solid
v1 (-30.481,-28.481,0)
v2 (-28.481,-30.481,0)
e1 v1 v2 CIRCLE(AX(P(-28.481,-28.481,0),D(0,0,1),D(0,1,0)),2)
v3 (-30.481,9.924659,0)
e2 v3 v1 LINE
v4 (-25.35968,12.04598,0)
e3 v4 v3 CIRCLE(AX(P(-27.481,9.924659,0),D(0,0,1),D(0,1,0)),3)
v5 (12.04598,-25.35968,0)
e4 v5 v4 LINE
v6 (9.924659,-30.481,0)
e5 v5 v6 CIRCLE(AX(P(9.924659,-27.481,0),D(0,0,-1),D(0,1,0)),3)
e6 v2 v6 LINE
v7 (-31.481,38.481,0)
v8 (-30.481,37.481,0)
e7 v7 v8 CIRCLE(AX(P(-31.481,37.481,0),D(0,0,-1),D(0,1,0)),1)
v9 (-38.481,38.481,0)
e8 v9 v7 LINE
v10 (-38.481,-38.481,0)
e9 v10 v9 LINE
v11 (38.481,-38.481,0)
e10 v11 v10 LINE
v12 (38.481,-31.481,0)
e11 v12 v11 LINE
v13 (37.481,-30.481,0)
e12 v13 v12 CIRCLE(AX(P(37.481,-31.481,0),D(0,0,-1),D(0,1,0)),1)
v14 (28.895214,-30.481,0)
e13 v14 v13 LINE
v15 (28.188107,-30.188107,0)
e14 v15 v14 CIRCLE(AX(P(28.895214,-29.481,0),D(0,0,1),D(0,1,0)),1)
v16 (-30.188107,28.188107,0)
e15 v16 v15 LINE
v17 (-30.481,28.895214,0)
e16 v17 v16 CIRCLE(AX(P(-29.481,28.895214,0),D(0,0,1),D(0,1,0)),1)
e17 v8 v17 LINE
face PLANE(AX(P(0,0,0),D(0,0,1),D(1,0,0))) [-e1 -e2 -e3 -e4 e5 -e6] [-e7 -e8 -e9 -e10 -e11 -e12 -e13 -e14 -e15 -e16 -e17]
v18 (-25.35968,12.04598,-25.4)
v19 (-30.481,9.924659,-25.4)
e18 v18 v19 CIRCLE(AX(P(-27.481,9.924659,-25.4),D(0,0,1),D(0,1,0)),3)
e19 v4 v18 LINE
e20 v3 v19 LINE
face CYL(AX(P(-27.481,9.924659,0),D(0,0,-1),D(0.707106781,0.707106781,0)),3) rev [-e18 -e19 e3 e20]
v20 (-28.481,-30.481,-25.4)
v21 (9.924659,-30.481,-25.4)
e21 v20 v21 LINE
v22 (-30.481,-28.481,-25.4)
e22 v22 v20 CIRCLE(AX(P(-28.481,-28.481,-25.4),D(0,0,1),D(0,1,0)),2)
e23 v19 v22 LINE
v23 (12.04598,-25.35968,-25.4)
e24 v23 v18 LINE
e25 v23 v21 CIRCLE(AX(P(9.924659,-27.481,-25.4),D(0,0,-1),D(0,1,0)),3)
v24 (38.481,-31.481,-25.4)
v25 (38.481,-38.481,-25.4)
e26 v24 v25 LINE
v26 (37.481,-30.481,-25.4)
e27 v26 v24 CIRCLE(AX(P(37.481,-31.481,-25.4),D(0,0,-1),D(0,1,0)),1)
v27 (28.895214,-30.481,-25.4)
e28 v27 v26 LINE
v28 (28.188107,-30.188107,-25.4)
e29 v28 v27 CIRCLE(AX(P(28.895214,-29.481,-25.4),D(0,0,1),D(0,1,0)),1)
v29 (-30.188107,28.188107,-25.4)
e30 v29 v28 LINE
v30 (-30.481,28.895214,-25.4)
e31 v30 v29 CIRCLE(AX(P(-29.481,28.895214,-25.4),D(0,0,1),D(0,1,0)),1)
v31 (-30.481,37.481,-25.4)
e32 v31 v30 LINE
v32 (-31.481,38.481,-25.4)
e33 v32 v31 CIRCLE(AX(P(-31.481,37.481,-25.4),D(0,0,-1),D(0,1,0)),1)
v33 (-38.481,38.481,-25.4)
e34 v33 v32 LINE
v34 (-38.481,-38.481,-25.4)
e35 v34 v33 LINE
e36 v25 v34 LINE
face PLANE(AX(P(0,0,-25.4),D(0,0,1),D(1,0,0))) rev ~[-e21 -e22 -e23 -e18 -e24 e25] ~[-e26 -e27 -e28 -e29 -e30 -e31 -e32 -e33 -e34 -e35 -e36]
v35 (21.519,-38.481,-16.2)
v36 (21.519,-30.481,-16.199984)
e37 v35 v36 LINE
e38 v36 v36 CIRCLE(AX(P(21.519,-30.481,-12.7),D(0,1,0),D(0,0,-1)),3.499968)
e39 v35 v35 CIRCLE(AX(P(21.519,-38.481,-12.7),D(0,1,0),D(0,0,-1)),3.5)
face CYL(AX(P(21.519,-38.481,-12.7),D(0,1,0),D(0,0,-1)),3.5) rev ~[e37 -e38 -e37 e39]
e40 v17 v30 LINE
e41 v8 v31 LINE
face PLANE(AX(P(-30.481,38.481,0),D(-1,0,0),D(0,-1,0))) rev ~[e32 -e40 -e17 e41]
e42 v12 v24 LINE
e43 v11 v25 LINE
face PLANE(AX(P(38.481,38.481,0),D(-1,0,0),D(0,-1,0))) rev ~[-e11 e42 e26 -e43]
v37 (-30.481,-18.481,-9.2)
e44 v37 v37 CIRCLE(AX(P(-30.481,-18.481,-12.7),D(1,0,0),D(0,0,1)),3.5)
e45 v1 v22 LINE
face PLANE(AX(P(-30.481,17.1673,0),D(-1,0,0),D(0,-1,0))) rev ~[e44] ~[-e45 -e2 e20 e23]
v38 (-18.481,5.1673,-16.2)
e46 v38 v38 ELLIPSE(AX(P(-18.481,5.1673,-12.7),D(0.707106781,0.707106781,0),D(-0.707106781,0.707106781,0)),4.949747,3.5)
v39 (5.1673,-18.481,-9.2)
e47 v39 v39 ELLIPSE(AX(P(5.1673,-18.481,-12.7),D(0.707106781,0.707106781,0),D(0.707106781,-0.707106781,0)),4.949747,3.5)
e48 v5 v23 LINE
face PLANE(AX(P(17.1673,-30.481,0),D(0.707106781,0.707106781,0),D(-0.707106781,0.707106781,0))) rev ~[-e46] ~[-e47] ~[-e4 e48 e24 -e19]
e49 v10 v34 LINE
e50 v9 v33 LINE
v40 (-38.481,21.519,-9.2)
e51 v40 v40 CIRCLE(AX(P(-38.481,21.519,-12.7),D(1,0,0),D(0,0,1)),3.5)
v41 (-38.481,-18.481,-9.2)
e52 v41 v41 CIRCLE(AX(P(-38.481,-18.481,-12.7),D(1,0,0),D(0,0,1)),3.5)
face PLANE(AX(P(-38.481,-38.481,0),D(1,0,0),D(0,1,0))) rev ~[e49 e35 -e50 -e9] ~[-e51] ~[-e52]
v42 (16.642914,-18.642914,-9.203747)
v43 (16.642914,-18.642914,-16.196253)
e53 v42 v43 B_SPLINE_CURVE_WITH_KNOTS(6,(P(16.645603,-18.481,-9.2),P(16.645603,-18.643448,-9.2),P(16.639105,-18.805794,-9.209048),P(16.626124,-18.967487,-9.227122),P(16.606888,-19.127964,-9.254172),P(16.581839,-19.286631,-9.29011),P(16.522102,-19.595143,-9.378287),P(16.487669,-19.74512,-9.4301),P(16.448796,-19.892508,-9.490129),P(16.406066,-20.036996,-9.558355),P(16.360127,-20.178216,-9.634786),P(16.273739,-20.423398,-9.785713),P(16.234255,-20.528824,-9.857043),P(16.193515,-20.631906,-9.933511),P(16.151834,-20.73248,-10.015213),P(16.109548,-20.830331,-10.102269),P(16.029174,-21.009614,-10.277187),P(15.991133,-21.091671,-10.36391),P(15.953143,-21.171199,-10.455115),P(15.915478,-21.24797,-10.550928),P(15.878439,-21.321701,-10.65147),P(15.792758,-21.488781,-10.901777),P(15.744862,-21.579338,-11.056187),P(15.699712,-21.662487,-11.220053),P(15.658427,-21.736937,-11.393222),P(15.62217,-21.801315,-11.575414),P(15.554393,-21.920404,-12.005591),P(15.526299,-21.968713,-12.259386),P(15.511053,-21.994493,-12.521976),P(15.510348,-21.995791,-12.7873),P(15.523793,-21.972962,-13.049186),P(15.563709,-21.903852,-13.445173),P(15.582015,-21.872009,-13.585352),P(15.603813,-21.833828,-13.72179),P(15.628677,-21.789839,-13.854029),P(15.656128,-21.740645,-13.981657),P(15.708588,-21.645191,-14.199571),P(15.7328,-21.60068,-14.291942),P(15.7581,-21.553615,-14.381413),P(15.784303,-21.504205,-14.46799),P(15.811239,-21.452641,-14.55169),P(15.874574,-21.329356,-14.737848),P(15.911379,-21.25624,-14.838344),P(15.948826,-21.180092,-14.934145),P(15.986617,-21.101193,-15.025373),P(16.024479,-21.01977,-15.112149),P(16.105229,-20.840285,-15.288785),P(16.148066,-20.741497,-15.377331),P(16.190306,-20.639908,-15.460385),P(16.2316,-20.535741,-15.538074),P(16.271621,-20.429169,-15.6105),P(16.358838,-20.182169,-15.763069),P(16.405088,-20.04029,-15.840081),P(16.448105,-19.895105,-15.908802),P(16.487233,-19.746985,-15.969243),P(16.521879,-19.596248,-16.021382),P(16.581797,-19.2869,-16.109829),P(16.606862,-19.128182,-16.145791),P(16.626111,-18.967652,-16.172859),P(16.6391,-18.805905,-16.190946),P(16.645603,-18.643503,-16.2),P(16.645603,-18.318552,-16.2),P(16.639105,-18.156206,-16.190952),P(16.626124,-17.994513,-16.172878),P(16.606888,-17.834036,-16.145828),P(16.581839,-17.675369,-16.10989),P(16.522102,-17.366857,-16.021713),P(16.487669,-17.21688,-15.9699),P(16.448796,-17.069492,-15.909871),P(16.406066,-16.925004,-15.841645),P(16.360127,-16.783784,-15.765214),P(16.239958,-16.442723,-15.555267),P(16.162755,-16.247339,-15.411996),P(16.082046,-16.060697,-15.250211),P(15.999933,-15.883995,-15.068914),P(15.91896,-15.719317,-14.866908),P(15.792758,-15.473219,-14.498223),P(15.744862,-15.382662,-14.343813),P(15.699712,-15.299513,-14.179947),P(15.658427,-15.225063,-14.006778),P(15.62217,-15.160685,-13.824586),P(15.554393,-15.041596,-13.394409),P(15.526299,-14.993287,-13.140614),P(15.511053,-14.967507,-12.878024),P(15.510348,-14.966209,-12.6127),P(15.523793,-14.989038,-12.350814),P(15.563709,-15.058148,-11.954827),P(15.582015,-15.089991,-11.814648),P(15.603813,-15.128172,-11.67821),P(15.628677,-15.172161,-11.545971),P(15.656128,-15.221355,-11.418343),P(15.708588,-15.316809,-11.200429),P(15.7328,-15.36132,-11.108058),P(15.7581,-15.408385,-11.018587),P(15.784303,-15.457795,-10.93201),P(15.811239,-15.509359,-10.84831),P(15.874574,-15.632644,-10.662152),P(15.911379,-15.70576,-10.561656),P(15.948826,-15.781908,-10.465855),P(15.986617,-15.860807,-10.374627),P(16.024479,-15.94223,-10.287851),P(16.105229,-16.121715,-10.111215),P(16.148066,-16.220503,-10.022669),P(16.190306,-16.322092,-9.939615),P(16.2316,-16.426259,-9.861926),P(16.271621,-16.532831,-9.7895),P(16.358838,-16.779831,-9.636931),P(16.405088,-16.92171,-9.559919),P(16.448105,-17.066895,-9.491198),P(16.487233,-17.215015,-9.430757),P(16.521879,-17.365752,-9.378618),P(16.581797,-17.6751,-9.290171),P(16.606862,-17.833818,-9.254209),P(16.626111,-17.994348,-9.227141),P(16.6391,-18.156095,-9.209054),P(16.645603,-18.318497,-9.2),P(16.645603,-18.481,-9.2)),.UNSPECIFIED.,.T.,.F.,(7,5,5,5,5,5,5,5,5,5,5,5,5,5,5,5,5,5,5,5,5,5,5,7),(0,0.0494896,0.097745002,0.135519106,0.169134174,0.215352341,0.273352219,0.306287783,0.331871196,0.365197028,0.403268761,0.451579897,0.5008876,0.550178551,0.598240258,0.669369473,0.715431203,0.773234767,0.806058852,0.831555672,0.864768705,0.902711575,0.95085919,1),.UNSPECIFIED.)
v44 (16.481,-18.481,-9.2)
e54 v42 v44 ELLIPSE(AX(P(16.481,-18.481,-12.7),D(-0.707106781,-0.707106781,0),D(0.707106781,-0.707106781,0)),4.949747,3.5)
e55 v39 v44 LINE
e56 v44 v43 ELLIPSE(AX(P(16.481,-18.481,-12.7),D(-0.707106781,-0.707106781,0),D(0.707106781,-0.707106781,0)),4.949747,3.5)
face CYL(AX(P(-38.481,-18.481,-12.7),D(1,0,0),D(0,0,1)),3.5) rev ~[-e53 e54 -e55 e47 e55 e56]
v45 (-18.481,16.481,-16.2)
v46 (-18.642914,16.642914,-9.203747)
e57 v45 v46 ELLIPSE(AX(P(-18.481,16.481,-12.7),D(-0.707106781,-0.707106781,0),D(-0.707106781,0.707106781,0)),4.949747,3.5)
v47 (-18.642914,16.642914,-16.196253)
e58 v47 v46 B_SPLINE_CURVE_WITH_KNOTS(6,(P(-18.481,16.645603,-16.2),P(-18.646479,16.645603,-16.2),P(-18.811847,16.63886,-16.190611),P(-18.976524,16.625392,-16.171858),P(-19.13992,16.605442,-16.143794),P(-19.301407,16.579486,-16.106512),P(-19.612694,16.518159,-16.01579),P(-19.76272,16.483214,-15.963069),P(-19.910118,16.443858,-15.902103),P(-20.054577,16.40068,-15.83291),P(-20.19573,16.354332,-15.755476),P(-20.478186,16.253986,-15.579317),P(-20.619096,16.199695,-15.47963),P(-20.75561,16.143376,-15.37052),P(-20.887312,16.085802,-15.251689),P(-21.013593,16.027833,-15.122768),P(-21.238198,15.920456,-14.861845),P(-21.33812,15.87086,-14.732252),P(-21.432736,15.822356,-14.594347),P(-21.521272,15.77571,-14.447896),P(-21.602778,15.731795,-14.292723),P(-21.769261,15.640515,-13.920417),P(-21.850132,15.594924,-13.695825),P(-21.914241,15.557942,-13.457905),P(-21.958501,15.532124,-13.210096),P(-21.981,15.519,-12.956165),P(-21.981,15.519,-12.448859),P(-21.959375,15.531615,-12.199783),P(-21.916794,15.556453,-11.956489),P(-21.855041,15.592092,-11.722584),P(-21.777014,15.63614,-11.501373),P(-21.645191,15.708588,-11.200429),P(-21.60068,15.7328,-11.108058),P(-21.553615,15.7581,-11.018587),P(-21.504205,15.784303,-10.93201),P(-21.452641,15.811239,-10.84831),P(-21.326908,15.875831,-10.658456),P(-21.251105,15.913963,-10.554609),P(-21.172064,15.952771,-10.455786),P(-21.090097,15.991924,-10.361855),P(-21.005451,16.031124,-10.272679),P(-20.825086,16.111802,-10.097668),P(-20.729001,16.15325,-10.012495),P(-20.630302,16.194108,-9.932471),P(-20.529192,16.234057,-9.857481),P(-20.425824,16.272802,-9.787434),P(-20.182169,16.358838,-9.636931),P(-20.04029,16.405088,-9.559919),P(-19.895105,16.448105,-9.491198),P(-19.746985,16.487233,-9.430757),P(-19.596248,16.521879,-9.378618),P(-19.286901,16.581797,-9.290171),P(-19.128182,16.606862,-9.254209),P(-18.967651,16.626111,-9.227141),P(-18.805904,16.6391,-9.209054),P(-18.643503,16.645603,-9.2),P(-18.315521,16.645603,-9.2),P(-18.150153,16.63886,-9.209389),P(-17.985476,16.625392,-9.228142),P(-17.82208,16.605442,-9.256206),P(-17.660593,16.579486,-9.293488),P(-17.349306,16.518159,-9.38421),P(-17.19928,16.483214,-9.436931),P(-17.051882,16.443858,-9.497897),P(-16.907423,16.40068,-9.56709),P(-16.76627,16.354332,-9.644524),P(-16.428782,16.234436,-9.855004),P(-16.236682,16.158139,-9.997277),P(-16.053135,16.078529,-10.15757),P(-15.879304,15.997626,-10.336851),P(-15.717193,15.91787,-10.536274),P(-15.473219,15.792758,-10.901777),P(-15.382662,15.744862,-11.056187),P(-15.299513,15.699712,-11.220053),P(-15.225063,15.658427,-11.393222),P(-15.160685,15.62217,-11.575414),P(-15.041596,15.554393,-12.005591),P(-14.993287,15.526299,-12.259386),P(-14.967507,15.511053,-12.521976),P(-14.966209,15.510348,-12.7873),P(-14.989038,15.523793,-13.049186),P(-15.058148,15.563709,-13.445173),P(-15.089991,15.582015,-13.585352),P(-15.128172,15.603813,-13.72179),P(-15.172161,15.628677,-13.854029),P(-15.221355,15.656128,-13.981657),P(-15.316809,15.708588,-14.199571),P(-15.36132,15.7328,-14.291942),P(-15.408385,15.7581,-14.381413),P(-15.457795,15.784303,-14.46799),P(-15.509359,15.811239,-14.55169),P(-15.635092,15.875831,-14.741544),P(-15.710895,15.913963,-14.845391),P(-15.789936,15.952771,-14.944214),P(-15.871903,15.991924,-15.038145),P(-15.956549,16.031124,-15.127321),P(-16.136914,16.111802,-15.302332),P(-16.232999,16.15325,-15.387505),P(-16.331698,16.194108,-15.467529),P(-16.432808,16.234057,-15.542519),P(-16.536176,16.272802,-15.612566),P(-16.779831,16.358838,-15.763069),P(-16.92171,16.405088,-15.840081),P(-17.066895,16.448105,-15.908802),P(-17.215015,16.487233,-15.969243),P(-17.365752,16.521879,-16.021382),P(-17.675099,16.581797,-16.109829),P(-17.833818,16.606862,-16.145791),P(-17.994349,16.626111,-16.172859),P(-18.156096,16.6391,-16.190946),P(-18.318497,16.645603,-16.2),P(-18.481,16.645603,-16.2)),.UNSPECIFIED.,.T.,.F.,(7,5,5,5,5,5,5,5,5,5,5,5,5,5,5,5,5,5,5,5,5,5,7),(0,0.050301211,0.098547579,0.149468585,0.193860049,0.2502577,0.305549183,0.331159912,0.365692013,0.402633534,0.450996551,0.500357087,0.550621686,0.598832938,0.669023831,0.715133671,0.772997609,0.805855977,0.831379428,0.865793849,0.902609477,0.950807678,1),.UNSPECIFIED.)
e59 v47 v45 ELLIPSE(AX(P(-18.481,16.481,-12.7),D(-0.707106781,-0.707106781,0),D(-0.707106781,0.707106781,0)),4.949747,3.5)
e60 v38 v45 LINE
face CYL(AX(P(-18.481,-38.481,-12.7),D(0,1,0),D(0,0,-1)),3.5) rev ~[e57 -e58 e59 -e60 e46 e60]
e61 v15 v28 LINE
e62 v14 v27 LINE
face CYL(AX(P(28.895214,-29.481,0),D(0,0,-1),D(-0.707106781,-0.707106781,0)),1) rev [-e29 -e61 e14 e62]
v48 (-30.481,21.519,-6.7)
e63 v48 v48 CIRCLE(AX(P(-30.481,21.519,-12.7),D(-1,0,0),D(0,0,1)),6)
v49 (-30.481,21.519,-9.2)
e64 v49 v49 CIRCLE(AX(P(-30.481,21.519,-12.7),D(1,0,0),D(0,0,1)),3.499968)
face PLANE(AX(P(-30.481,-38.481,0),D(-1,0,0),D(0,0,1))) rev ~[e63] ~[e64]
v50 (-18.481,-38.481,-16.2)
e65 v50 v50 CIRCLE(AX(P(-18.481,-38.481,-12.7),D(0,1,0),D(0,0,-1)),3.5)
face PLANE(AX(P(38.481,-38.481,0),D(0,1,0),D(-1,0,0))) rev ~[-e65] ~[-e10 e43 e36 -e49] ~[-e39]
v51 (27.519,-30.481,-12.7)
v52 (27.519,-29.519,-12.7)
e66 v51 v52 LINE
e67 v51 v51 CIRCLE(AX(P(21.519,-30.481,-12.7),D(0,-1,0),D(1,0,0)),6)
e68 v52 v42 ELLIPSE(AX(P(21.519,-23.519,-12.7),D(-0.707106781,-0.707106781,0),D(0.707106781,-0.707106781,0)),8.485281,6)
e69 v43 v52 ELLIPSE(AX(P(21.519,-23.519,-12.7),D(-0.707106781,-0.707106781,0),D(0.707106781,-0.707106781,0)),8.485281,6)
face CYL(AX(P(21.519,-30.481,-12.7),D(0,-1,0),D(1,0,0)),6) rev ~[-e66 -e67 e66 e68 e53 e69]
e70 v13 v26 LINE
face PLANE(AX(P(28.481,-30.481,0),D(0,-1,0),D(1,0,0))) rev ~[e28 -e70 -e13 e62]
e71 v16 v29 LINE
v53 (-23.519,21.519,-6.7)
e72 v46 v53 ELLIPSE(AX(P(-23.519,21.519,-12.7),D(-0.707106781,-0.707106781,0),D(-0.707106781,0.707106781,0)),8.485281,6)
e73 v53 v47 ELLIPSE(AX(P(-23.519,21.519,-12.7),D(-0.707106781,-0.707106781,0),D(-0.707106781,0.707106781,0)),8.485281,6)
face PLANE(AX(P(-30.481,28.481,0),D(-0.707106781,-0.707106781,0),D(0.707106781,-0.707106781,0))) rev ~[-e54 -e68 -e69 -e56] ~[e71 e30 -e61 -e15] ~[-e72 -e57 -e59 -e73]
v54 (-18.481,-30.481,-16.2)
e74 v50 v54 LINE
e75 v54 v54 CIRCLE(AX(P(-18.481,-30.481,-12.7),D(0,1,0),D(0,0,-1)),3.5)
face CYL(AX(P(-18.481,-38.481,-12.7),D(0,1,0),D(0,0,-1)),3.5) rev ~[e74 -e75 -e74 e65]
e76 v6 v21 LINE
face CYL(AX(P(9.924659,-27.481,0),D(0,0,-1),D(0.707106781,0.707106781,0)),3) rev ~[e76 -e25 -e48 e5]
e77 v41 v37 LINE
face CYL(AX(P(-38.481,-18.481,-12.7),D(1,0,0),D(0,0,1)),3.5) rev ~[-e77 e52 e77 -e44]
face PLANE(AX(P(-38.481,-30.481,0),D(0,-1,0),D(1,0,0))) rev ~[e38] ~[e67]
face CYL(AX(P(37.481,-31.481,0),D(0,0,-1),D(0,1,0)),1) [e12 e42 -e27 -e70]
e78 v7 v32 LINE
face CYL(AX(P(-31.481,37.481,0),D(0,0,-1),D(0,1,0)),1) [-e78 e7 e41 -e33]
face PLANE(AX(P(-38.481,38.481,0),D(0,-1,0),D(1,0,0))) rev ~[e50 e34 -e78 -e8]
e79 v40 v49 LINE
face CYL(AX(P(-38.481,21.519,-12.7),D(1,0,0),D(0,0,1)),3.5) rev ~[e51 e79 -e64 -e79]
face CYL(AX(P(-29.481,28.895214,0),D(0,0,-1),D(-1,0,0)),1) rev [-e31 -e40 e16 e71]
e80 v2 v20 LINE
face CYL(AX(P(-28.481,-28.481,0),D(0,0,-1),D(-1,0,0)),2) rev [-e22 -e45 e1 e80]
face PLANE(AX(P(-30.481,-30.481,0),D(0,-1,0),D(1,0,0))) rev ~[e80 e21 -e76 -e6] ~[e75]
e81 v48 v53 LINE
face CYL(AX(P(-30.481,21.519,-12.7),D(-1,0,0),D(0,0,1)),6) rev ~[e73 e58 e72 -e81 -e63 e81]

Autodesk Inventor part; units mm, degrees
ref_plane "YZ Plane" through (0, 0, 0) normal (1, 0, 0) x (0, 1, 0)
sketch "Sketch1" plane through (0, 0, 0) normal (0, 0, 1) x (1, 0, 0)
  line L0 (-38.481, 38.481) -> (38.481, 38.481)
  line L1 (38.481, 38.481) -> (38.481, -38.481)
  line L2 (38.481, -38.481) -> (-38.481, -38.481)
  line L3 (-38.481, -38.481) -> (-38.481, 38.481)
  point P0 (0, 0)
  dimension "d0" = 76.962
  dimension "d1" = 76.962
  dimension "d2" = 38.481
  dimension "d3" = 38.481
extrude "Extrusion1" add sketch "Sketch1" against normal blind 25.4
sketch "Sketch2" plane through (0, 0, 0) normal (0, 0, 1) x (1, 0, 0)
  line L0 (-38.481, 38.481) -> (38.481, 38.481) projected
  line L1 (-38.481, -38.481) -> (-38.481, 38.481) projected
  line L2 (38.481, -38.481) -> (-38.481, -38.481) projected
  line L3 (38.481, 38.481) -> (38.481, -38.481) projected
  line L4 (-30.481, 38.481) -> (-30.481, 28.481)
  line L5 (-30.481, 28.481) -> (28.481, -30.481)
  line L6 (28.481, -30.481) -> (38.481, -30.481)
  line L7 (-30.481, 17.1673) -> (-30.481, -30.481)
  line L8 (-30.481, -30.481) -> (17.1673, -30.481)
  line L9 (17.1673, -30.481) -> (-30.481, 17.1673)
  dimension "d6" = 8
  dimension "d7" = 8
  dimension "d8" = 10
  dimension "d10" = 135
  dimension "d11" = 8
extrude "Extrusion2" cut sketch "Sketch2" against normal through all contours L0 L3 L6 L5 L4 | L9 L8 L7
fillet "Fillet1" radius 2 1 edges at (-30.481, -30.481, -12.7)
fillet "Fillet1" radius 1 4 edges at (-30.481, 38.481, -12.7) (-30.481, 28.481, -12.7) (28.481, -30.481, -12.7) (38.481, -30.481, -12.7)
fillet "Fillet1" radius 3 2 edges at (-30.481, 17.1673, -12.7) (17.1673, -30.481, -12.7)
sketch "Sketch3" plane through (-38.481, -38.481, 0) normal (-1, 0, 0) x (0, 0, 1)
  line L0 (0, 0) -> (-25.4, 0) projected
  line L1 (0, 0) -> (0, 76.962) projected
  point P0 (-12.7, 60)
  point P1 (-12.7, 20)
  dimension "d17" = 12.7
  dimension "d18" = 20
  dimension "d19" = 40
hole "Hole1" at (-38.481, 21.519, -12.7) at (-38.481, -18.481, -12.7) direction (1, 0, 0) diameter 7 end through all
sketch "Sketch4" plane through (-38.481, -38.481, 0) normal (0, -1, 0) x (1, 0, 0)
  line L0 (0, -25.4) -> (76.962, -25.4) projected
  line L1 (0, 0) -> (0, -25.4) projected
  point P0 (20, -12.7)
  point P1 (60, -12.7)
  dimension "d27" = 12.7
  dimension "d28" = 20
  dimension "d29" = 40
hole "Hole2" at (-18.481, -38.481, -12.7) at (21.519, -38.481, -12.7) direction (0, 1, 0) diameter 7 end through all
ref_plane "Work Plane1" through (-30.481, -38.481, 0) normal (-1, 0, 0) x (0, 0, 1)
ref_plane "Work Plane2" through (-38.481, -30.481, 0) normal (0, -1, 0) x (1, 0, 0)
sketch "Sketch5" plane through (-30.481, -38.481, 0) normal (-1, 0, 0) x (0, 0, 1)
  arc A0 (-15.1299, 57.481) -> (-10.2701, 57.481) centre (-12.7, 60) ccw projected
  arc A1 (-10.2701, 57.481) -> (-15.1299, 57.481) centre (-12.7, 60) ccw projected
  circle A2 centre (-12.7, 60) radius 3.5 projected
  circle A3 centre (-12.7, 60) radius 6
  dimension "d39" = 12
extrude "Extrusion3" cut sketch "Sketch5" against normal through all
sketch "Sketch6" plane through (-38.481, -30.481, 0) normal (0, -1, 0) x (1, 0, 0)
  arc A0 (57.481, -10.2701) -> (57.481, -15.1299) centre (60, -12.7) ccw projected
  arc A1 (57.481, -15.1299) -> (57.481, -10.2701) centre (60, -12.7) ccw projected
  circle A2 centre (60, -12.7) radius 3.5 projected
  circle A3 centre (60, -12.7) radius 6
  dimension "d42" = 12
extrude "Extrusion4" cut sketch "Sketch6" against normal through all
ref_plane "OffsetPlane" through (0, 0, -12.7) normal (0, 0, 1) x (1, 0, 0)
equation "\"d2\" = 0.5 * d0"
equation "\"d3\" = 0.5 * d1"
properties part number "20-101" material "Alluminio - 6061"
